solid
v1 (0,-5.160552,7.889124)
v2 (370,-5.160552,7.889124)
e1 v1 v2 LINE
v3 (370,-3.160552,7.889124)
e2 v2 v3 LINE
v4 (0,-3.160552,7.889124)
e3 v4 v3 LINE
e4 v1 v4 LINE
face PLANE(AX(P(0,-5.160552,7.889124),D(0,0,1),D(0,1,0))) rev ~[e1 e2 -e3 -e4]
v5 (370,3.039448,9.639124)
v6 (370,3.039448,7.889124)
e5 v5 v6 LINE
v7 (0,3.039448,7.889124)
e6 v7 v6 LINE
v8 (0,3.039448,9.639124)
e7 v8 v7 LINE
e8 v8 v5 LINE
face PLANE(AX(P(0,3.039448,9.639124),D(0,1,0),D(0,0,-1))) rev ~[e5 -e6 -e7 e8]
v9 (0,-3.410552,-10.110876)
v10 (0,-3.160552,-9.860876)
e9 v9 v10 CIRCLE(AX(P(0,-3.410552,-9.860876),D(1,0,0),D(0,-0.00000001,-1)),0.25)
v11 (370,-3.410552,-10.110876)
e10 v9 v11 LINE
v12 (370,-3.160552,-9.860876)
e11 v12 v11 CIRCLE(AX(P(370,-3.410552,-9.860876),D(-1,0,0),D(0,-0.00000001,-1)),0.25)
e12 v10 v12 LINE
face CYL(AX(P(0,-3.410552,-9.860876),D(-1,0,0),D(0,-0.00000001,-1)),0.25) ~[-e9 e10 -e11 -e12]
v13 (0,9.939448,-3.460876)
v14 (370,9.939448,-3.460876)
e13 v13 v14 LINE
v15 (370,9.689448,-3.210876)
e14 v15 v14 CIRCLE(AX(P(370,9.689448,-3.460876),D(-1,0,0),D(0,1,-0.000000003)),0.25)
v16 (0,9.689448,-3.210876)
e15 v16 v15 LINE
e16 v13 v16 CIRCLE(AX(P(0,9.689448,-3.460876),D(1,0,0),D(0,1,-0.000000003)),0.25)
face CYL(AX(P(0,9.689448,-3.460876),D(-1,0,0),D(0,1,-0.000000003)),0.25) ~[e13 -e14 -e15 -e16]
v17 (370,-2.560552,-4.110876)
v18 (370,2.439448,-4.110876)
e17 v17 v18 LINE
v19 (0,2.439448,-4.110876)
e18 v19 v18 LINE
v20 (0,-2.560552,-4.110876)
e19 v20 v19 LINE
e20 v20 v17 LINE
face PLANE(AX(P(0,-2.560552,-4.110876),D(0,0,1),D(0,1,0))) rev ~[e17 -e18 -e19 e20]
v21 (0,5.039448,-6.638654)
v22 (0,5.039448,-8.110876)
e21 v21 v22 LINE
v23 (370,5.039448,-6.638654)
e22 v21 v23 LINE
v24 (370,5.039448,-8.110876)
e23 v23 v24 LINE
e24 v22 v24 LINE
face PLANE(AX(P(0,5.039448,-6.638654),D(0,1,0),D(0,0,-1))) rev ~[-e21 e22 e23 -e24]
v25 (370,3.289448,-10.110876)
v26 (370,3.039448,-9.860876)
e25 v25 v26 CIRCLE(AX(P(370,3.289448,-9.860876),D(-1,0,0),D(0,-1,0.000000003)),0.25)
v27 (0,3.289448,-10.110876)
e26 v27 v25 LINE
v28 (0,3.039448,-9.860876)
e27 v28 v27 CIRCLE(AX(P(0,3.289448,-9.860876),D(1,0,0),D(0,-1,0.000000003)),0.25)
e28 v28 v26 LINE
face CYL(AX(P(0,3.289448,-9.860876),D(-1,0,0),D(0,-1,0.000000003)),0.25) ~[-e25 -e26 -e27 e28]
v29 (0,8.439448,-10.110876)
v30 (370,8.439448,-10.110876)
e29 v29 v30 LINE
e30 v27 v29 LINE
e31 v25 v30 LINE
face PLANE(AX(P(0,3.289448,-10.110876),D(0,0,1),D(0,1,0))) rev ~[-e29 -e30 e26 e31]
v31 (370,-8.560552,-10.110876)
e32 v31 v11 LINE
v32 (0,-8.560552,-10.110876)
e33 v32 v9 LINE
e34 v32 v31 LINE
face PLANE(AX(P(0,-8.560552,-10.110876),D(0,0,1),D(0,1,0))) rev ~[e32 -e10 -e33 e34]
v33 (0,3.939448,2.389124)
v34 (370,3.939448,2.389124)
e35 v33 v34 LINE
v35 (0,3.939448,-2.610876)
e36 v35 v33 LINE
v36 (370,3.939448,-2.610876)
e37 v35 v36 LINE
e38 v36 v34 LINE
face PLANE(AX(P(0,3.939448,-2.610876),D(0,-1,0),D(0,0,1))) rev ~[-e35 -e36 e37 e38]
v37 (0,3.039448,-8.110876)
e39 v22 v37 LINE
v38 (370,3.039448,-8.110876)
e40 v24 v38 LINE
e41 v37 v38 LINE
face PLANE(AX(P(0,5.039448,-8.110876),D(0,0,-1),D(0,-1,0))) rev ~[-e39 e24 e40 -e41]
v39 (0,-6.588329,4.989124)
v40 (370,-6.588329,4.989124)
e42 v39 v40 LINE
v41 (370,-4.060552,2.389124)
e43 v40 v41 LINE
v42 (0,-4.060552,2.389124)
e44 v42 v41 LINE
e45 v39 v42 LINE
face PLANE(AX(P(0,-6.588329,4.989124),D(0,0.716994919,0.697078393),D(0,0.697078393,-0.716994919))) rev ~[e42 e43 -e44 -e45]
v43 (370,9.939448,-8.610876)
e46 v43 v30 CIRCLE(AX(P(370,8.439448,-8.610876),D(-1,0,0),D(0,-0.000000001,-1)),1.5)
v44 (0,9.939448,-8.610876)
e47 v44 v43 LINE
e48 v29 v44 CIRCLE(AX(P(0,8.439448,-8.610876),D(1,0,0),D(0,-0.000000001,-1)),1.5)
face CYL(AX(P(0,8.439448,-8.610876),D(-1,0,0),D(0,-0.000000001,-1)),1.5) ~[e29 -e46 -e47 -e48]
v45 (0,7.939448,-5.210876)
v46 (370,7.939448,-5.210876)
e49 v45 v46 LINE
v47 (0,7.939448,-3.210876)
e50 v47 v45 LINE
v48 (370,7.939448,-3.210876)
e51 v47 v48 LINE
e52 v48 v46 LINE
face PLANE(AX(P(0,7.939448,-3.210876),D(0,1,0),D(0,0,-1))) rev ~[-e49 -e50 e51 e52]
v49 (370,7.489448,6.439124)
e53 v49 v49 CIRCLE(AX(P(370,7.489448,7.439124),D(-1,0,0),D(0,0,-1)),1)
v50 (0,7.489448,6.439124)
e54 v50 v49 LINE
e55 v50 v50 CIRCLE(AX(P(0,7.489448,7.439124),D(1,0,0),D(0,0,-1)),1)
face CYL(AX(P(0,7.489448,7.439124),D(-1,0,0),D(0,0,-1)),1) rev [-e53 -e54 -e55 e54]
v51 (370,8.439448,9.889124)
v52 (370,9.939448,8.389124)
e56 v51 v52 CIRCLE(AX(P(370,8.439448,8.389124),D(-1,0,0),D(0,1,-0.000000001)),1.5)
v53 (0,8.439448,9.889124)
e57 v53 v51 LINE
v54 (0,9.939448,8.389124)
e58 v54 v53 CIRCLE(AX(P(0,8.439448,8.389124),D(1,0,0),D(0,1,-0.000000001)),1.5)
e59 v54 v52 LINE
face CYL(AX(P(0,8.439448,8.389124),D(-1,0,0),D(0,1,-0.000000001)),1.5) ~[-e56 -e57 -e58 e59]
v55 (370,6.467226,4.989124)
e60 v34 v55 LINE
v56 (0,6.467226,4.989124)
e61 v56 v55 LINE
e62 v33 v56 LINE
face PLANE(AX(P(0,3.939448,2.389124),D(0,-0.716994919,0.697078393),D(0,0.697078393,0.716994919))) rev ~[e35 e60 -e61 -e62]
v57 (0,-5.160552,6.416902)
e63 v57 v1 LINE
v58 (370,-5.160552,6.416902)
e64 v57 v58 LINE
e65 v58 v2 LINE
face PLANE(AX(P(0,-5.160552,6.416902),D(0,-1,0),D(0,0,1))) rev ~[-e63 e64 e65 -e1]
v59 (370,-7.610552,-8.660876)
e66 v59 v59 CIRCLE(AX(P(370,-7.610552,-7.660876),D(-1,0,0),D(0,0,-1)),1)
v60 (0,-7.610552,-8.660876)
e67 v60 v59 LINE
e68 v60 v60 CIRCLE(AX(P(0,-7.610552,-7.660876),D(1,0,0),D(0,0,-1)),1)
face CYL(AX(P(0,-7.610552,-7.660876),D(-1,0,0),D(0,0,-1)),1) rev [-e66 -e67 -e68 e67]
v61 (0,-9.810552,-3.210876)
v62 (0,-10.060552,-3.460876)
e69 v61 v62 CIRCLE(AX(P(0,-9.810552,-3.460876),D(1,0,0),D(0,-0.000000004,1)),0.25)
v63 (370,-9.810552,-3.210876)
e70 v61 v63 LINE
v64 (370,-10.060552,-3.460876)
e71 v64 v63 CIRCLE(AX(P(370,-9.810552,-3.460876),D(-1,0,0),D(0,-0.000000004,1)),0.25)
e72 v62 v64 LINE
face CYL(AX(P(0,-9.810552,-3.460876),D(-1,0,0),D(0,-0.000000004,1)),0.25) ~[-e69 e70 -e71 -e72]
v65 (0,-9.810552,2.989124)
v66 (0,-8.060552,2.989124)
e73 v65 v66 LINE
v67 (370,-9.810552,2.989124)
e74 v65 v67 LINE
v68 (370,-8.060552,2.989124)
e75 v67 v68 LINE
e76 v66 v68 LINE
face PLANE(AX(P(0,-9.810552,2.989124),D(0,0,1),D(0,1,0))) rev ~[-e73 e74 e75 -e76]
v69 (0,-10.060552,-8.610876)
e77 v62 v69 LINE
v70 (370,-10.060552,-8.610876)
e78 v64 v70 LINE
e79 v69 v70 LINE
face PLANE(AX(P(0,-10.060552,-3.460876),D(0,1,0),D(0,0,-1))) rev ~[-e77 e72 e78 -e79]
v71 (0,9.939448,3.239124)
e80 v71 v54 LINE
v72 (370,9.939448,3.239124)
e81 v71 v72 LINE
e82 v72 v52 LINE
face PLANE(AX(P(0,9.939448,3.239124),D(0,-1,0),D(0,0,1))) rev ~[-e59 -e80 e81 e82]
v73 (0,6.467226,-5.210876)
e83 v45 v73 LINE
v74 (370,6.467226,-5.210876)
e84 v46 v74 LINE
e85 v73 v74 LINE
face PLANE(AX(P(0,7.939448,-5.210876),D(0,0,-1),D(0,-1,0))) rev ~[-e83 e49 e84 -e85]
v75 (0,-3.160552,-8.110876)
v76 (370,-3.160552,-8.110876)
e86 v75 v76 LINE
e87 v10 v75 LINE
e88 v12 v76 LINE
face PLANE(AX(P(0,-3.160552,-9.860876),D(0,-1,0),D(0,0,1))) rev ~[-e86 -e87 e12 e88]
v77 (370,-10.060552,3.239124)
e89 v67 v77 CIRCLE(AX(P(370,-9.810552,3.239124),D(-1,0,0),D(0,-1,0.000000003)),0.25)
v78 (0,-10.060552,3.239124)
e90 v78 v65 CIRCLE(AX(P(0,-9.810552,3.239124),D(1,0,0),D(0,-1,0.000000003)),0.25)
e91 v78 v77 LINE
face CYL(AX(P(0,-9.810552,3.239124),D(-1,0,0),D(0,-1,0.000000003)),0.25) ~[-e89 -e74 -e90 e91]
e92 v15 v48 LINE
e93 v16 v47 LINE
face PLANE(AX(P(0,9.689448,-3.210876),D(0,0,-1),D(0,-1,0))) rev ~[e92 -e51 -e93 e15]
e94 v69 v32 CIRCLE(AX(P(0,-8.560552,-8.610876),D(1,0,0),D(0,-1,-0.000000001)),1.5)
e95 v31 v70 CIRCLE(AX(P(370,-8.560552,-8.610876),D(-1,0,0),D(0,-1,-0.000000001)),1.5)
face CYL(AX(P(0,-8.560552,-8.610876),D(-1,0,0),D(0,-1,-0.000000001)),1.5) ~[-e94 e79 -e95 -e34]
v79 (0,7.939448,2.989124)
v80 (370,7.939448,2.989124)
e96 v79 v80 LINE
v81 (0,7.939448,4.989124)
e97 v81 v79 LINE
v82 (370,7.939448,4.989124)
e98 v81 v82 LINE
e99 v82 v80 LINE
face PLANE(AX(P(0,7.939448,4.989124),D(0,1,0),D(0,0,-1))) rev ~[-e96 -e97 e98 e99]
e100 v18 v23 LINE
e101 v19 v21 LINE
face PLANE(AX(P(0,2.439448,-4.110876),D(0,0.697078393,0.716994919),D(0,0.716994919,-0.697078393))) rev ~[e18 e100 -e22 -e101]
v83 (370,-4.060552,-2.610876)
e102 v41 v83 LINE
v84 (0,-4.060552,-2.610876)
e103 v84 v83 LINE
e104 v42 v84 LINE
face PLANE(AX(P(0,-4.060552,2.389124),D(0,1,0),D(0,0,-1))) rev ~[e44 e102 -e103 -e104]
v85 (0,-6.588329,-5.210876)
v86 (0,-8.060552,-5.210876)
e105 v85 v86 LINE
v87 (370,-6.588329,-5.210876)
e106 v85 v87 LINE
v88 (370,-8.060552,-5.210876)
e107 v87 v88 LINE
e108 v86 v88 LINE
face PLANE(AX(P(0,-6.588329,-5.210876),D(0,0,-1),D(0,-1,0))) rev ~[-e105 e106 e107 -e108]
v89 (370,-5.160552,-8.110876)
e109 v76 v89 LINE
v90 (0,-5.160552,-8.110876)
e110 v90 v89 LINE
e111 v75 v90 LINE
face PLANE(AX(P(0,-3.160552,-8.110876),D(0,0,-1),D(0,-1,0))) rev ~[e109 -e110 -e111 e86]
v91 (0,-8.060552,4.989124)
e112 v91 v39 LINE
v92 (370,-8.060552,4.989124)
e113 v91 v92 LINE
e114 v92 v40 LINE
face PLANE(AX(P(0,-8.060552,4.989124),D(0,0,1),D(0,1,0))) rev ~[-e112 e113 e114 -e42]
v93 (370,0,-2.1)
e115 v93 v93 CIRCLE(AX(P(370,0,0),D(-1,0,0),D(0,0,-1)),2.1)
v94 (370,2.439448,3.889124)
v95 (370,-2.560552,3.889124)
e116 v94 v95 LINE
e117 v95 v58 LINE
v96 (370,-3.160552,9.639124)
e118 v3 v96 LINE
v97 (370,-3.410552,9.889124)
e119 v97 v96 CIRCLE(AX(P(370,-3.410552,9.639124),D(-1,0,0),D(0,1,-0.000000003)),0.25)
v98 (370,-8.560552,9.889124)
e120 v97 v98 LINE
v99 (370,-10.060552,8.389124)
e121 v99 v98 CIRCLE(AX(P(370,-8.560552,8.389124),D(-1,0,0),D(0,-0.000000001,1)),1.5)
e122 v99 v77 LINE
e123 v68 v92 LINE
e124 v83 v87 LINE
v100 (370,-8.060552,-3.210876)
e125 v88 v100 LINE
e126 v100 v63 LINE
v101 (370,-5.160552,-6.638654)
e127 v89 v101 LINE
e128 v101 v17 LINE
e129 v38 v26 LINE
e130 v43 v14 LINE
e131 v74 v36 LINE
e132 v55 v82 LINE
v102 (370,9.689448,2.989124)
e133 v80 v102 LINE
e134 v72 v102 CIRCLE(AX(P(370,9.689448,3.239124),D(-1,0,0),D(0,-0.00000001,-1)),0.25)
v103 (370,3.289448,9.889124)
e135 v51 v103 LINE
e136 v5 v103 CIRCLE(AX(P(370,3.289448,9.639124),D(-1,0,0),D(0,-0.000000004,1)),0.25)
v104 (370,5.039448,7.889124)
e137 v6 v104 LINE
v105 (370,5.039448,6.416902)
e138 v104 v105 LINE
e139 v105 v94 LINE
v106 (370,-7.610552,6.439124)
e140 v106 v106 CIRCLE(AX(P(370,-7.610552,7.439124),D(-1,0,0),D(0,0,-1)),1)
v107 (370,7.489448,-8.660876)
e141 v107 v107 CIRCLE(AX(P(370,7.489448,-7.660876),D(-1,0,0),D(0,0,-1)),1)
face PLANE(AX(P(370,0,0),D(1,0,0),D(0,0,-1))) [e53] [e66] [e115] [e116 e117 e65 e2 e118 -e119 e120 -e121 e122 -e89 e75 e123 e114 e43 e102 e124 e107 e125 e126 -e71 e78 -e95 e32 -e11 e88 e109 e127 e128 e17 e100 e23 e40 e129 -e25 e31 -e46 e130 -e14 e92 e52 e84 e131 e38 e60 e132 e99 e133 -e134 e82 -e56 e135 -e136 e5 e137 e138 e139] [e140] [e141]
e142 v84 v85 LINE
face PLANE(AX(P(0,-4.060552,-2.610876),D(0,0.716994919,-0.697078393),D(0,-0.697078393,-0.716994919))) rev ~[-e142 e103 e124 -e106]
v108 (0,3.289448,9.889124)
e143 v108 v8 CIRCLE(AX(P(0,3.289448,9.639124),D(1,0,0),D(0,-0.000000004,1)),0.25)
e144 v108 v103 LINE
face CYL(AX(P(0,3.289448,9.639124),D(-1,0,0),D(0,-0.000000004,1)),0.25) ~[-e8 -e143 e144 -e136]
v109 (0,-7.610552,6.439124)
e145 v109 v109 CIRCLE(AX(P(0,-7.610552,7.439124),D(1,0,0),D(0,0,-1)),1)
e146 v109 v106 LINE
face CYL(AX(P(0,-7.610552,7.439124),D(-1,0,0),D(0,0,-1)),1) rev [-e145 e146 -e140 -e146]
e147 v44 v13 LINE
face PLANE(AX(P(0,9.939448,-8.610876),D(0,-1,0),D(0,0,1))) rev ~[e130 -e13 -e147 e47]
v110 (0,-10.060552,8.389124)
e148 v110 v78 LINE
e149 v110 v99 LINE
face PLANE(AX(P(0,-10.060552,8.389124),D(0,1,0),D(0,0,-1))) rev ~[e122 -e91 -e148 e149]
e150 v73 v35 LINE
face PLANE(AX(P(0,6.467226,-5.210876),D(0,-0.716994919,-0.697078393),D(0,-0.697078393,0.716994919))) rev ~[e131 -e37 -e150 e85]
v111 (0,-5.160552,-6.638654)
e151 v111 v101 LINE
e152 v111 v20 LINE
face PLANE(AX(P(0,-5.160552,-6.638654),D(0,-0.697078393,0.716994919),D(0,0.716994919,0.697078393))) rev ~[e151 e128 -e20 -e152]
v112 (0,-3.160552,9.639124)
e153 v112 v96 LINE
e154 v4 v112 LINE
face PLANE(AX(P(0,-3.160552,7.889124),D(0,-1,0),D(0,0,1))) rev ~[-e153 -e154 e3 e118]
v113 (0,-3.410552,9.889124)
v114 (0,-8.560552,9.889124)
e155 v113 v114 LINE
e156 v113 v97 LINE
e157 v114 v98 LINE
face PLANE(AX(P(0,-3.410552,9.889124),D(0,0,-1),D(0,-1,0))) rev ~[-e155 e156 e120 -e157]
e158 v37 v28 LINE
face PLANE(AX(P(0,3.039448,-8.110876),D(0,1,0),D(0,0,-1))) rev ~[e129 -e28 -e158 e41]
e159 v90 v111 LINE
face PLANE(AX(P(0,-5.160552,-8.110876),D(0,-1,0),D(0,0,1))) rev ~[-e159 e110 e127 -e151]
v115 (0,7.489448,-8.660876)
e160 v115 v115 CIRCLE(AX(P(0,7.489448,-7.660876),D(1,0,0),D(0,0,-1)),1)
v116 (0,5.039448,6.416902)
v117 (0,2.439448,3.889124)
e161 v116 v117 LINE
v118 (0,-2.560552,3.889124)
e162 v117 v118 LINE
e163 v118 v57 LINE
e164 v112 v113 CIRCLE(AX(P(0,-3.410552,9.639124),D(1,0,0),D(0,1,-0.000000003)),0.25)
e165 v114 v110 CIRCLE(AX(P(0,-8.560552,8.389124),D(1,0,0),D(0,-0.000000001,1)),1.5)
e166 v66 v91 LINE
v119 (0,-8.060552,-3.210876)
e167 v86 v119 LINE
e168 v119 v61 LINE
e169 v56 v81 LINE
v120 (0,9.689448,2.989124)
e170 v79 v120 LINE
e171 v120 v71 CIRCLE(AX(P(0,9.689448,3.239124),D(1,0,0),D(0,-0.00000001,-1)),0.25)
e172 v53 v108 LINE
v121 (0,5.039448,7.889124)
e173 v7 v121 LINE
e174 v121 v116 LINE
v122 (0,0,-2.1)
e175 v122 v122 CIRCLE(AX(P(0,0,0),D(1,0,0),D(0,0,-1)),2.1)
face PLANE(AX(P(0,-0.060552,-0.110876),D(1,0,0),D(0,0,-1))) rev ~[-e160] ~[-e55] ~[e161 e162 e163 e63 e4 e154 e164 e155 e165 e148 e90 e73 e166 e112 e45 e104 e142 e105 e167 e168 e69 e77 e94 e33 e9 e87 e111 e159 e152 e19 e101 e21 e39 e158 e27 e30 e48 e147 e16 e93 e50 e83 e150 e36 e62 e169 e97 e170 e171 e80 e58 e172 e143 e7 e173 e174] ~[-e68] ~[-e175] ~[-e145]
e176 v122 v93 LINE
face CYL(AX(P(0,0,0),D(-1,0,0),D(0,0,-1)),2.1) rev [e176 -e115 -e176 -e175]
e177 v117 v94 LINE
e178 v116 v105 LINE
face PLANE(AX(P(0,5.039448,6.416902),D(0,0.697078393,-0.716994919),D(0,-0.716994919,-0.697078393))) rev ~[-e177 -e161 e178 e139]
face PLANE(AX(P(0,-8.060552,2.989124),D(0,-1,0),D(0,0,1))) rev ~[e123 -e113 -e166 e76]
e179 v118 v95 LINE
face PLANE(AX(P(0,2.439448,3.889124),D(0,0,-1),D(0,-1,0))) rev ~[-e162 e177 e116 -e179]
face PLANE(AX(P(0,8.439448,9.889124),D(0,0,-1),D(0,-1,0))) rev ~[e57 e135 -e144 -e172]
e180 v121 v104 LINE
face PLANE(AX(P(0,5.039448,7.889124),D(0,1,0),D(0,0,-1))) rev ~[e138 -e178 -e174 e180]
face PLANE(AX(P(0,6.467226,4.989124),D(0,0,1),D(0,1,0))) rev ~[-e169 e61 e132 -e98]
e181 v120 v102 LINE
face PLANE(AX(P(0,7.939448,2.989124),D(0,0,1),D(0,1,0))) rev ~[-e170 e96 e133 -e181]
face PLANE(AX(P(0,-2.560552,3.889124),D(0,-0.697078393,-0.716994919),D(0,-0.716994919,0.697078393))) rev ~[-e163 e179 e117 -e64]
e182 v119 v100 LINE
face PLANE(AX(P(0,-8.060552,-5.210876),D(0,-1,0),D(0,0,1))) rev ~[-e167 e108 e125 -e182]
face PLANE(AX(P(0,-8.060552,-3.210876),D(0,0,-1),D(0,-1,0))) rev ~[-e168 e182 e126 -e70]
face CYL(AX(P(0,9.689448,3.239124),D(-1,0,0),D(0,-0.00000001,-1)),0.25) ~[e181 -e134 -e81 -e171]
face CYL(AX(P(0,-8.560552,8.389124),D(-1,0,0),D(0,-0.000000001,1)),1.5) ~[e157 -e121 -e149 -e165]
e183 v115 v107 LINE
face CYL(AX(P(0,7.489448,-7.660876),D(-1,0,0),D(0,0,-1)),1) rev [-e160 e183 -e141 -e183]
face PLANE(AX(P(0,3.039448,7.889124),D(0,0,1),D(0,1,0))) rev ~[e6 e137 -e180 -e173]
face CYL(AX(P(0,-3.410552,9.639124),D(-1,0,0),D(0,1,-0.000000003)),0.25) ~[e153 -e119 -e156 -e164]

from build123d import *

# Parameters (mm, degrees)
SKETCH11_R          = 1
SKETCH11_R_2        = 2.1
XA_XA_2020T_1_DEPTH = 400
SKETCH14_W          = 25.965356462
SKETCH14_H          = 24.672555304
CUT_EXTRUDE2_DEPTH  = 30


with BuildPart() as part:
    # Sketch11 → Xa XA-2020T(1) (new body)
    with BuildSketch(Plane(origin=(0, 0, 0), x_dir=(0, 0, -1), z_dir=(1, 0, 0))):
        with BuildLine():
            Line((-9.889124212, 8.439448346), (-9.889124212, 3.289448346))
            ThreePointArc((-9.889124212, 3.289448346), (-9.815900907, 3.112671651), (-9.639124212, 3.039448346))
            Line((-9.639124212, 3.039448346), (-7.889124212, 3.039448346))
            Line((-7.889124212, 3.039448346), (-7.889124212, 5.039448346))
            Line((-7.889124212, 5.039448346), (-6.41690199, 5.039448346))
            Line((-6.41690199, 5.039448346), (-3.889124212, 2.439448346))
            Line((-3.889124212, 2.439448346), (-3.889124212, -2.560551654))
            Line((-3.889124212, -2.560551654), (-6.41690199, -5.160551654))
            Line((-6.41690199, -5.160551654), (-7.889124212, -5.160551654))
            Line((-7.889124212, -5.160551654), (-7.889124212, -3.160551654))
            Line((-7.889124212, -3.160551654), (-9.639124212, -3.160551654))
            ThreePointArc((-9.639124212, -3.160551654), (-9.815900907, -3.233774958), (-9.889124212, -3.410551654))
            Line((-9.889124212, -3.410551654), (-9.889124212, -8.560551654))
            ThreePointArc((-9.889124212, -8.560551654), (-9.449784384, -9.621211825), (-8.389124212, -10.060551654))
            Line((-8.389124212, -10.060551654), (-3.239124212, -10.060551654))
            ThreePointArc((-3.239124212, -10.060551654), (-3.062347516, -9.987328349), (-2.989124212, -9.810551654))
            Line((-2.989124212, -9.810551654), (-2.989124212, -8.060551654))
            Line((-2.989124212, -8.060551654), (-4.989124212, -8.060551654))
            Line((-4.989124212, -8.060551654), (-4.989124212, -6.588329431))
            Line((-4.989124212, -6.588329431), (-2.389124212, -4.060551654))
            Line((-2.389124212, -4.060551654), (2.610875788, -4.060551654))
            Line((2.610875788, -4.060551654), (5.210875788, -6.588329431))
            Line((5.210875788, -6.588329431), (5.210875788, -8.060551654))
            Line((5.210875788, -8.060551654), (3.210875788, -8.060551654))
            Line((3.210875788, -8.060551654), (3.210875788, -9.810551654))
            ThreePointArc((3.210875788, -9.810551654), (3.284099093, -9.987328349), (3.460875788, -10.060551654))
            Line((3.460875788, -10.060551654), (8.610875788, -10.060551654))
            ThreePointArc((8.610875788, -10.060551654), (9.67153596, -9.621211825), (10.110875788, -8.560551654))
            Line((10.110875788, -8.560551654), (10.110875788, -3.410551654))
            ThreePointArc((10.110875788, -3.410551654), (10.037652484, -3.233774958), (9.860875788, -3.160551654))
            Line((9.860875788, -3.160551654), (8.110875788, -3.160551654))
            Line((8.110875788, -3.160551654), (8.110875788, -5.160551654))
            Line((8.110875788, -5.160551654), (6.638653566, -5.160551654))
            Line((6.638653566, -5.160551654), (4.110875788, -2.560551654))
            Line((4.110875788, -2.560551654), (4.110875788, 2.439448346))
            Line((4.110875788, 2.439448346), (6.638653566, 5.039448346))
            Line((6.638653566, 5.039448346), (8.110875788, 5.039448346))
            Line((8.110875788, 5.039448346), (8.110875788, 3.039448346))
            Line((8.110875788, 3.039448346), (9.860875788, 3.039448346))
            ThreePointArc((9.860875788, 3.039448346), (10.037652484, 3.112671651), (10.110875788, 3.289448346))
            Line((10.110875788, 3.289448346), (10.110875788, 8.439448346))
            ThreePointArc((10.110875788, 8.439448346), (9.67153596, 9.500108518), (8.610875788, 9.939448346))
            Line((8.610875788, 9.939448346), (3.460875788, 9.939448346))
            ThreePointArc((3.460875788, 9.939448346), (3.284099093, 9.866225042), (3.210875788, 9.689448346))
            Line((3.210875788, 9.689448346), (3.210875788, 7.939448346))
            Line((3.210875788, 7.939448346), (5.210875788, 7.939448346))
            Line((5.210875788, 7.939448346), (5.210875788, 6.467226124))
            Line((5.210875788, 6.467226124), (2.610875788, 3.939448346))
            Line((2.610875788, 3.939448346), (-2.389124212, 3.939448346))
            Line((-2.389124212, 3.939448346), (-4.989124212, 6.467226124))
            Line((-4.989124212, 6.467226124), (-4.989124212, 7.939448346))
            Line((-4.989124212, 7.939448346), (-2.989124212, 7.939448346))
            Line((-2.989124212, 7.939448346), (-2.989124212, 9.689448346))
            ThreePointArc((-2.989124212, 9.689448346), (-3.062347516, 9.866225042), (-3.239124212, 9.939448346))
            Line((-3.239124212, 9.939448346), (-8.389124212, 9.939448346))
            ThreePointArc((-8.389124212, 9.939448346), (-9.449784384, 9.500108518), (-9.889124212, 8.439448346))
        make_face()
        with Locations((-7.439124212, 7.489448346)):
            Circle(SKETCH11_R, mode=Mode.SUBTRACT)
        with Locations((7.660875788, 7.489448346)):
            Circle(SKETCH11_R, mode=Mode.SUBTRACT)
        with Locations((-7.439124212, -7.610551654)):
            Circle(SKETCH11_R, mode=Mode.SUBTRACT)
        with Locations((7.660875788, -7.610551654)):
            Circle(SKETCH11_R, mode=Mode.SUBTRACT)
        Circle(SKETCH11_R_2, mode=Mode.SUBTRACT)
    extrude(amount=XA_XA_2020T_1_DEPTH)

    # Sketch14 → Cut-Extrude2 (cut)
    with BuildSketch(Plane(origin=(400, 0, 0), x_dir=(0, 0, -1), z_dir=(1, 0, 0))):
        Rectangle(SKETCH14_W, SKETCH14_H)
    extrude(amount=-CUT_EXTRUDE2_DEPTH, mode=Mode.SUBTRACT)


solid = part.part
